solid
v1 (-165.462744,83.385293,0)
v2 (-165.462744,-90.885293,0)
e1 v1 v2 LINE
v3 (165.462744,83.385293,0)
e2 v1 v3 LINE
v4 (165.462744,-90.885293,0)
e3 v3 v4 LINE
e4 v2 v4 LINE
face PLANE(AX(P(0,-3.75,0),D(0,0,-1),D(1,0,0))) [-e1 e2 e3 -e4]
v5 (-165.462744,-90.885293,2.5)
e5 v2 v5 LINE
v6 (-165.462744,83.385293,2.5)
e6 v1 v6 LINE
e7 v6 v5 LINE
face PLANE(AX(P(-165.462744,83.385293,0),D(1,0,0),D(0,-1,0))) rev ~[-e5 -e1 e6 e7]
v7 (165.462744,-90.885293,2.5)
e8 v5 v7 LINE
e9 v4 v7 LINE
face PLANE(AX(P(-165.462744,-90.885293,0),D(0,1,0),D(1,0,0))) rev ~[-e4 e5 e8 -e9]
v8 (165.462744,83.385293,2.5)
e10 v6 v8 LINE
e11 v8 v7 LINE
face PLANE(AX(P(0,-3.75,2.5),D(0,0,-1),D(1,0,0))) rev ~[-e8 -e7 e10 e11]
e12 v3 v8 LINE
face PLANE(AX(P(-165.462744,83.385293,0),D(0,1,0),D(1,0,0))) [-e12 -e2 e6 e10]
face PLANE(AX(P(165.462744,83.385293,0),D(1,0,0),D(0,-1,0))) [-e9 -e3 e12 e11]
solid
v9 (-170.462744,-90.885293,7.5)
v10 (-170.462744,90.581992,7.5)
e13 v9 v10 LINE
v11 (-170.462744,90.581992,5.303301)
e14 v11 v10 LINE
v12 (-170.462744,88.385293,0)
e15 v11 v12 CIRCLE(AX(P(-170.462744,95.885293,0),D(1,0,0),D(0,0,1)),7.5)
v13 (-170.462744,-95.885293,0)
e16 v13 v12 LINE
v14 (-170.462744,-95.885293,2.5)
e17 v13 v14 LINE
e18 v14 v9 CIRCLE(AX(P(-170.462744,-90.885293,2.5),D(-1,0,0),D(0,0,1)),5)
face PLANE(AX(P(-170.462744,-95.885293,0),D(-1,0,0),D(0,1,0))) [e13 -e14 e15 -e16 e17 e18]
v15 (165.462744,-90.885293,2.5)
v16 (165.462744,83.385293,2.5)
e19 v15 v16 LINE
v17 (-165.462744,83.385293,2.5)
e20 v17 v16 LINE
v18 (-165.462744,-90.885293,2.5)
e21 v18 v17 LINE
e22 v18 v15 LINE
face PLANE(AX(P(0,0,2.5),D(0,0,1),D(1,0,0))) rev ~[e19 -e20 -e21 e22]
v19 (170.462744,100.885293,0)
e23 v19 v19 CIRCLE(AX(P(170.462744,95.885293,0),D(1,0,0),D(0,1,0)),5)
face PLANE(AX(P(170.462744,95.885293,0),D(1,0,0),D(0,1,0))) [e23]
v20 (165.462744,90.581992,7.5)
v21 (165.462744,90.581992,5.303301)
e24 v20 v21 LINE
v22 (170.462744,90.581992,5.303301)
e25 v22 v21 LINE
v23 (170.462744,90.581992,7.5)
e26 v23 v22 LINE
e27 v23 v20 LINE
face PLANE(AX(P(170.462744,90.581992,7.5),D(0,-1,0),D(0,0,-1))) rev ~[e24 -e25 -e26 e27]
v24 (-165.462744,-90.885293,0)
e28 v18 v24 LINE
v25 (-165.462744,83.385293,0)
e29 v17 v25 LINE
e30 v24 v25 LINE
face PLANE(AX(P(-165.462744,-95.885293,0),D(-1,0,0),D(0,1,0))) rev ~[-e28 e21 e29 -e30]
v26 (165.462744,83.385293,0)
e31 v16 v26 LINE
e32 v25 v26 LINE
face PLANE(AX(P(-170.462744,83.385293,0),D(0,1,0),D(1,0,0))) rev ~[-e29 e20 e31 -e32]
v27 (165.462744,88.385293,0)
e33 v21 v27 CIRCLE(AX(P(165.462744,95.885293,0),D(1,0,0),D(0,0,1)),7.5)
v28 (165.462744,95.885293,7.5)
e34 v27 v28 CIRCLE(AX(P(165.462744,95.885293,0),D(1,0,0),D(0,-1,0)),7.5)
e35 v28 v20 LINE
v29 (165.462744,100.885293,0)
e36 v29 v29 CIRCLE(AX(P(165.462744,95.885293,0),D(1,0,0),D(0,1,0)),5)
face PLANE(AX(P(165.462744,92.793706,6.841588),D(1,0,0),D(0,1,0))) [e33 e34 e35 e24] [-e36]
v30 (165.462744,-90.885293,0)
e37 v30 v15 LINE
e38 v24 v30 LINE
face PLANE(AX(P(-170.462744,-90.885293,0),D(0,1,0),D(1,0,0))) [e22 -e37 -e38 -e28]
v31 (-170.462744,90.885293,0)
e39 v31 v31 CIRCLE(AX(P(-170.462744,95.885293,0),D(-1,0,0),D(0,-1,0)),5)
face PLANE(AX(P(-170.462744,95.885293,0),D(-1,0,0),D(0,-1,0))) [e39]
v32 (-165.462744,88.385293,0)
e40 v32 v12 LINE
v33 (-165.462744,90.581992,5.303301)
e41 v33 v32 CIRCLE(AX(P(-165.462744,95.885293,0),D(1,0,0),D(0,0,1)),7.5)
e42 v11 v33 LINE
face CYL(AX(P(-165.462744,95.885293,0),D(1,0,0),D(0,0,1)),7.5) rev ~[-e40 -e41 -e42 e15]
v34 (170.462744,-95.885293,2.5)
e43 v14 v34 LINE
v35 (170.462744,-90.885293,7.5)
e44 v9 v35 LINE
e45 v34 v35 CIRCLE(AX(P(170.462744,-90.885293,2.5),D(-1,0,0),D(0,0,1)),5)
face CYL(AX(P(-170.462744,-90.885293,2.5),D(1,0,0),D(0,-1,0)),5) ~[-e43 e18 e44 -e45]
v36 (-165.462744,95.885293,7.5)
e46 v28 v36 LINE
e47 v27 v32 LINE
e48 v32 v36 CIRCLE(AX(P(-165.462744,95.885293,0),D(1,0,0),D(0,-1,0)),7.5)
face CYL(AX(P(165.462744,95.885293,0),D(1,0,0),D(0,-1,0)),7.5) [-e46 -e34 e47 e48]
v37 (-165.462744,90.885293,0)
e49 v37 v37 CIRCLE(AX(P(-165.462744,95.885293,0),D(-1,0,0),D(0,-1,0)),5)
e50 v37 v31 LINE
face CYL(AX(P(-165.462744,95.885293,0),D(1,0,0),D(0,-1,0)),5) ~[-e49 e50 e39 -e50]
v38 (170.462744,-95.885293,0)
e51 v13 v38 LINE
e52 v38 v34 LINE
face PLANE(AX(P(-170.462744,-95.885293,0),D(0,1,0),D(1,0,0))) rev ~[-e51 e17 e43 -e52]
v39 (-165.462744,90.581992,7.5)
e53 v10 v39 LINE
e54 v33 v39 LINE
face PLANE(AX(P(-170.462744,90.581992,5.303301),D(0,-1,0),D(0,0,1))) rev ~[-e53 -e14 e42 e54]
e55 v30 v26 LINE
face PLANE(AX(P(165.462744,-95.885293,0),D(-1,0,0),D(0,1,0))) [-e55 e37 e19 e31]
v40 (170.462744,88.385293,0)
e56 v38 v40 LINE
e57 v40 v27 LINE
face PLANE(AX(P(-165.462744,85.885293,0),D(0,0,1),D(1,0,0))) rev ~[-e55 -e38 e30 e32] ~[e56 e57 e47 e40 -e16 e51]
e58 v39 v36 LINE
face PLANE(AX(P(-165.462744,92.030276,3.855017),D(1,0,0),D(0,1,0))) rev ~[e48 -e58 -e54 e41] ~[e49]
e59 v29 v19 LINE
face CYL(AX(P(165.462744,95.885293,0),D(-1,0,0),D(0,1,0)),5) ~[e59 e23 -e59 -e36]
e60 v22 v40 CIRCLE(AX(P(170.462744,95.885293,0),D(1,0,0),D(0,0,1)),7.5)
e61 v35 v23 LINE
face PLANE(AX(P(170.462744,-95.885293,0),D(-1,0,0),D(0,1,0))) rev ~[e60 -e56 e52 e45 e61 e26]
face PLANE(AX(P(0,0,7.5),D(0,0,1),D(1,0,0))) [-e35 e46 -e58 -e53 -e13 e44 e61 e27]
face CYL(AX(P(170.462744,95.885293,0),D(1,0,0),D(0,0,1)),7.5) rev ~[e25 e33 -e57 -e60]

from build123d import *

# Parameters (mm, degrees)
F0_W      = 340.9254871016
F0_H      = 191.7705864947
F1_DEPTH  = 7.5
F2_T      = -5
F4_DEPTH  = 2.5
F5_DEPTH  = 340.9254871016
F6_DEPTH  = 2.5
F7_START  = -5
F7_DEPTH  = 330.9254871016
F8_DEPTH  = 5
F9_START  = -335.9254871016
F9_DEPTH  = 5
F10_DEPTH = 2.5
F12_R     = 5
F13_DEPTH = 5
F11_R     = 5
F14_DEPTH = 5
F15_R     = 5
F17_DEPTH = 5
F19_DEPTH = 5
F20_W     = 330.9254871016
F20_H     = 174.2705864947
F21_DEPTH = 2.5


with BuildPart() as f1:
    # F0 (on Top) → F1 (new body)
    with BuildSketch(Plane.XY):
        Rectangle(F0_W, F0_H)
    extrude(amount=F1_DEPTH)

    # F2
    f2_openings = [f1.faces().sort_by_distance(p)[0] for p in [
        (0, 0, 0),
    ]]
    offset(amount=F2_T, openings=f2_openings)

    # F4 (add): a face of the model
    f4_faces = [f1.faces().sort_by_distance(p)[0] for p in [
        (0, 90.8852932473, 1.25),
    ]]
    extrude(f4_faces, amount=F4_DEPTH)

    # F3 (on face) → F5 (cut, through all)
    with BuildSketch(Plane.YZ.offset(170.4627435508)):
        with BuildLine():
            Line((95.8852932473, 0), (95.8852932473, 5))
            ThreePointArc((95.8852932473, 5), (92.3497593414, 3.5355339059), (90.8852932473, 0))
            Line((90.8852932473, 0), (95.8852932473, 0))
        make_face()
    extrude(amount=-F5_DEPTH, mode=Mode.SUBTRACT)

    # F6 (add): a face of the model
    f6_faces = [f1.faces().sort_by_distance(p)[0] for p in [
        (0, 88.3852932473, 1.25),
    ]]
    extrude(f6_faces, amount=F6_DEPTH)

    # F3 (on face) → F7 (join)
    with BuildSketch(Plane.YZ.offset(170.4627435508).offset(F7_START)):
        with BuildLine():
            ThreePointArc((88.3852932473, 0), (95.8852932473, -7.5), (103.3852932473, 0))
            ThreePointArc((103.3852932473, 0), (101.1885941062, 5.3033008589), (95.8852932473, 7.5))
            Line((95.8852932473, 7.5), (95.8852932473, 5))
            ThreePointArc((95.8852932473, 5), (99.4208271533, 3.5355339059), (100.8852932473, 0))
            ThreePointArc((100.8852932473, 0), (95.8852932473, -5), (90.8852932473, 0))
            Line((90.8852932473, 0), (88.3852932473, 0))
        make_face()
        with BuildLine():
            ThreePointArc((100.8852932473, 0), (99.4208271533, 3.5355339059), (95.8852932473, 5))
            Line((95.8852932473, 5), (95.8852932473, 0))
            Line((95.8852932473, 0), (90.8852932473, 0))
            ThreePointArc((90.8852932473, 0), (95.8852932473, -5), (100.8852932473, 0))
        make_face()
        with BuildLine():
            Line((95.8852932473, 0), (95.8852932473, 5))
            ThreePointArc((95.8852932473, 5), (92.3497593414, 3.5355339059), (90.8852932473, 0))
            Line((90.8852932473, 0), (95.8852932473, 0))
        make_face()
    extrude(amount=-F7_DEPTH)

    # F3 (on face) → F8 (cut)
    with BuildSketch(Plane.YZ.offset(170.4627435508)):
        with BuildLine():
            Line((95.8852932473, 5), (95.8852932473, 7.5))
            ThreePointArc((95.8852932473, 7.5), (90.5819923884, 5.3033008589), (88.3852932473, 0))
            Line((88.3852932473, 0), (90.8852932473, 0))
            ThreePointArc((90.8852932473, 0), (92.3497593414, 3.5355339059), (95.8852932473, 5))
        make_face()
    extrude(amount=-F8_DEPTH, mode=Mode.SUBTRACT)

    # F3 (on face) → F9 (cut)
    with BuildSketch(Plane.YZ.offset(170.4627435508).offset(F9_START)):
        with BuildLine():
            Line((95.8852932473, 5), (95.8852932473, 7.5))
            ThreePointArc((95.8852932473, 7.5), (90.5819923884, 5.3033008589), (88.3852932473, 0))
            Line((88.3852932473, 0), (90.8852932473, 0))
            ThreePointArc((90.8852932473, 0), (92.3497593414, 3.5355339059), (95.8852932473, 5))
        make_face()
    extrude(amount=-F9_DEPTH, mode=Mode.SUBTRACT)

    # F10 (add): a face of the model
    f10_faces = [f1.faces().sort_by_distance(p)[0] for p in [
        (0, 85.8852932473, 1.25),
    ]]
    extrude(f10_faces, amount=F10_DEPTH)

    # F12 (on face) → F13 (join)
    with BuildSketch(Plane.YZ.offset(165.4627435508)):
        with Locations((95.8852932473, 0)):
            Circle(F12_R)
    extrude(amount=F13_DEPTH)

    # F11 (on face) → F14 (join)
    with BuildSketch(Plane(origin=(-165.4627435508, 0, 0), x_dir=(0, -1, 0), z_dir=(-1, 0, 0))):
        with Locations((-95.8852932473, 0)):
            Circle(F11_R)
    extrude(amount=F14_DEPTH)

    # F15
    f15_edges = [f1.edges().sort_by_distance(p)[0] for p in [
        (0, -95.885293, 7.5),
    ]]
    fillet(f15_edges, radius=F15_R)

    # F16 (on face) → F17 (cut)
    with BuildSketch(Plane.YZ.offset(170.4627435508)):
        Polygon((90.5819923884, 7.5), (90.5819923884, 5.3033008589), (95.8852932473, 7.5), align=None)
    extrude(amount=-F17_DEPTH, mode=Mode.SUBTRACT)

    # F18 (on face) → F19 (cut)
    with BuildSketch(Plane(origin=(-170.4627435508, 0, 0), x_dir=(0, -1, 0), z_dir=(-1, 0, 0))):
        Polygon((-95.8852932473, 7.5), (-90.5819923884, 5.3033008589), (-90.5819923884, 7.5), align=None)
    extrude(amount=-F19_DEPTH, mode=Mode.SUBTRACT)


with BuildPart() as f21:
    # F20 (on face) → F21 (new body, through all)
    with BuildSketch(Plane(origin=(0, 0, 0), x_dir=(1, 0, 0), z_dir=(0, 0, -1))):
        with Locations((0, 3.75)):
            Rectangle(F20_W, F20_H)
    extrude(amount=-F21_DEPTH)


solid = Compound([f1.part, f21.part])
